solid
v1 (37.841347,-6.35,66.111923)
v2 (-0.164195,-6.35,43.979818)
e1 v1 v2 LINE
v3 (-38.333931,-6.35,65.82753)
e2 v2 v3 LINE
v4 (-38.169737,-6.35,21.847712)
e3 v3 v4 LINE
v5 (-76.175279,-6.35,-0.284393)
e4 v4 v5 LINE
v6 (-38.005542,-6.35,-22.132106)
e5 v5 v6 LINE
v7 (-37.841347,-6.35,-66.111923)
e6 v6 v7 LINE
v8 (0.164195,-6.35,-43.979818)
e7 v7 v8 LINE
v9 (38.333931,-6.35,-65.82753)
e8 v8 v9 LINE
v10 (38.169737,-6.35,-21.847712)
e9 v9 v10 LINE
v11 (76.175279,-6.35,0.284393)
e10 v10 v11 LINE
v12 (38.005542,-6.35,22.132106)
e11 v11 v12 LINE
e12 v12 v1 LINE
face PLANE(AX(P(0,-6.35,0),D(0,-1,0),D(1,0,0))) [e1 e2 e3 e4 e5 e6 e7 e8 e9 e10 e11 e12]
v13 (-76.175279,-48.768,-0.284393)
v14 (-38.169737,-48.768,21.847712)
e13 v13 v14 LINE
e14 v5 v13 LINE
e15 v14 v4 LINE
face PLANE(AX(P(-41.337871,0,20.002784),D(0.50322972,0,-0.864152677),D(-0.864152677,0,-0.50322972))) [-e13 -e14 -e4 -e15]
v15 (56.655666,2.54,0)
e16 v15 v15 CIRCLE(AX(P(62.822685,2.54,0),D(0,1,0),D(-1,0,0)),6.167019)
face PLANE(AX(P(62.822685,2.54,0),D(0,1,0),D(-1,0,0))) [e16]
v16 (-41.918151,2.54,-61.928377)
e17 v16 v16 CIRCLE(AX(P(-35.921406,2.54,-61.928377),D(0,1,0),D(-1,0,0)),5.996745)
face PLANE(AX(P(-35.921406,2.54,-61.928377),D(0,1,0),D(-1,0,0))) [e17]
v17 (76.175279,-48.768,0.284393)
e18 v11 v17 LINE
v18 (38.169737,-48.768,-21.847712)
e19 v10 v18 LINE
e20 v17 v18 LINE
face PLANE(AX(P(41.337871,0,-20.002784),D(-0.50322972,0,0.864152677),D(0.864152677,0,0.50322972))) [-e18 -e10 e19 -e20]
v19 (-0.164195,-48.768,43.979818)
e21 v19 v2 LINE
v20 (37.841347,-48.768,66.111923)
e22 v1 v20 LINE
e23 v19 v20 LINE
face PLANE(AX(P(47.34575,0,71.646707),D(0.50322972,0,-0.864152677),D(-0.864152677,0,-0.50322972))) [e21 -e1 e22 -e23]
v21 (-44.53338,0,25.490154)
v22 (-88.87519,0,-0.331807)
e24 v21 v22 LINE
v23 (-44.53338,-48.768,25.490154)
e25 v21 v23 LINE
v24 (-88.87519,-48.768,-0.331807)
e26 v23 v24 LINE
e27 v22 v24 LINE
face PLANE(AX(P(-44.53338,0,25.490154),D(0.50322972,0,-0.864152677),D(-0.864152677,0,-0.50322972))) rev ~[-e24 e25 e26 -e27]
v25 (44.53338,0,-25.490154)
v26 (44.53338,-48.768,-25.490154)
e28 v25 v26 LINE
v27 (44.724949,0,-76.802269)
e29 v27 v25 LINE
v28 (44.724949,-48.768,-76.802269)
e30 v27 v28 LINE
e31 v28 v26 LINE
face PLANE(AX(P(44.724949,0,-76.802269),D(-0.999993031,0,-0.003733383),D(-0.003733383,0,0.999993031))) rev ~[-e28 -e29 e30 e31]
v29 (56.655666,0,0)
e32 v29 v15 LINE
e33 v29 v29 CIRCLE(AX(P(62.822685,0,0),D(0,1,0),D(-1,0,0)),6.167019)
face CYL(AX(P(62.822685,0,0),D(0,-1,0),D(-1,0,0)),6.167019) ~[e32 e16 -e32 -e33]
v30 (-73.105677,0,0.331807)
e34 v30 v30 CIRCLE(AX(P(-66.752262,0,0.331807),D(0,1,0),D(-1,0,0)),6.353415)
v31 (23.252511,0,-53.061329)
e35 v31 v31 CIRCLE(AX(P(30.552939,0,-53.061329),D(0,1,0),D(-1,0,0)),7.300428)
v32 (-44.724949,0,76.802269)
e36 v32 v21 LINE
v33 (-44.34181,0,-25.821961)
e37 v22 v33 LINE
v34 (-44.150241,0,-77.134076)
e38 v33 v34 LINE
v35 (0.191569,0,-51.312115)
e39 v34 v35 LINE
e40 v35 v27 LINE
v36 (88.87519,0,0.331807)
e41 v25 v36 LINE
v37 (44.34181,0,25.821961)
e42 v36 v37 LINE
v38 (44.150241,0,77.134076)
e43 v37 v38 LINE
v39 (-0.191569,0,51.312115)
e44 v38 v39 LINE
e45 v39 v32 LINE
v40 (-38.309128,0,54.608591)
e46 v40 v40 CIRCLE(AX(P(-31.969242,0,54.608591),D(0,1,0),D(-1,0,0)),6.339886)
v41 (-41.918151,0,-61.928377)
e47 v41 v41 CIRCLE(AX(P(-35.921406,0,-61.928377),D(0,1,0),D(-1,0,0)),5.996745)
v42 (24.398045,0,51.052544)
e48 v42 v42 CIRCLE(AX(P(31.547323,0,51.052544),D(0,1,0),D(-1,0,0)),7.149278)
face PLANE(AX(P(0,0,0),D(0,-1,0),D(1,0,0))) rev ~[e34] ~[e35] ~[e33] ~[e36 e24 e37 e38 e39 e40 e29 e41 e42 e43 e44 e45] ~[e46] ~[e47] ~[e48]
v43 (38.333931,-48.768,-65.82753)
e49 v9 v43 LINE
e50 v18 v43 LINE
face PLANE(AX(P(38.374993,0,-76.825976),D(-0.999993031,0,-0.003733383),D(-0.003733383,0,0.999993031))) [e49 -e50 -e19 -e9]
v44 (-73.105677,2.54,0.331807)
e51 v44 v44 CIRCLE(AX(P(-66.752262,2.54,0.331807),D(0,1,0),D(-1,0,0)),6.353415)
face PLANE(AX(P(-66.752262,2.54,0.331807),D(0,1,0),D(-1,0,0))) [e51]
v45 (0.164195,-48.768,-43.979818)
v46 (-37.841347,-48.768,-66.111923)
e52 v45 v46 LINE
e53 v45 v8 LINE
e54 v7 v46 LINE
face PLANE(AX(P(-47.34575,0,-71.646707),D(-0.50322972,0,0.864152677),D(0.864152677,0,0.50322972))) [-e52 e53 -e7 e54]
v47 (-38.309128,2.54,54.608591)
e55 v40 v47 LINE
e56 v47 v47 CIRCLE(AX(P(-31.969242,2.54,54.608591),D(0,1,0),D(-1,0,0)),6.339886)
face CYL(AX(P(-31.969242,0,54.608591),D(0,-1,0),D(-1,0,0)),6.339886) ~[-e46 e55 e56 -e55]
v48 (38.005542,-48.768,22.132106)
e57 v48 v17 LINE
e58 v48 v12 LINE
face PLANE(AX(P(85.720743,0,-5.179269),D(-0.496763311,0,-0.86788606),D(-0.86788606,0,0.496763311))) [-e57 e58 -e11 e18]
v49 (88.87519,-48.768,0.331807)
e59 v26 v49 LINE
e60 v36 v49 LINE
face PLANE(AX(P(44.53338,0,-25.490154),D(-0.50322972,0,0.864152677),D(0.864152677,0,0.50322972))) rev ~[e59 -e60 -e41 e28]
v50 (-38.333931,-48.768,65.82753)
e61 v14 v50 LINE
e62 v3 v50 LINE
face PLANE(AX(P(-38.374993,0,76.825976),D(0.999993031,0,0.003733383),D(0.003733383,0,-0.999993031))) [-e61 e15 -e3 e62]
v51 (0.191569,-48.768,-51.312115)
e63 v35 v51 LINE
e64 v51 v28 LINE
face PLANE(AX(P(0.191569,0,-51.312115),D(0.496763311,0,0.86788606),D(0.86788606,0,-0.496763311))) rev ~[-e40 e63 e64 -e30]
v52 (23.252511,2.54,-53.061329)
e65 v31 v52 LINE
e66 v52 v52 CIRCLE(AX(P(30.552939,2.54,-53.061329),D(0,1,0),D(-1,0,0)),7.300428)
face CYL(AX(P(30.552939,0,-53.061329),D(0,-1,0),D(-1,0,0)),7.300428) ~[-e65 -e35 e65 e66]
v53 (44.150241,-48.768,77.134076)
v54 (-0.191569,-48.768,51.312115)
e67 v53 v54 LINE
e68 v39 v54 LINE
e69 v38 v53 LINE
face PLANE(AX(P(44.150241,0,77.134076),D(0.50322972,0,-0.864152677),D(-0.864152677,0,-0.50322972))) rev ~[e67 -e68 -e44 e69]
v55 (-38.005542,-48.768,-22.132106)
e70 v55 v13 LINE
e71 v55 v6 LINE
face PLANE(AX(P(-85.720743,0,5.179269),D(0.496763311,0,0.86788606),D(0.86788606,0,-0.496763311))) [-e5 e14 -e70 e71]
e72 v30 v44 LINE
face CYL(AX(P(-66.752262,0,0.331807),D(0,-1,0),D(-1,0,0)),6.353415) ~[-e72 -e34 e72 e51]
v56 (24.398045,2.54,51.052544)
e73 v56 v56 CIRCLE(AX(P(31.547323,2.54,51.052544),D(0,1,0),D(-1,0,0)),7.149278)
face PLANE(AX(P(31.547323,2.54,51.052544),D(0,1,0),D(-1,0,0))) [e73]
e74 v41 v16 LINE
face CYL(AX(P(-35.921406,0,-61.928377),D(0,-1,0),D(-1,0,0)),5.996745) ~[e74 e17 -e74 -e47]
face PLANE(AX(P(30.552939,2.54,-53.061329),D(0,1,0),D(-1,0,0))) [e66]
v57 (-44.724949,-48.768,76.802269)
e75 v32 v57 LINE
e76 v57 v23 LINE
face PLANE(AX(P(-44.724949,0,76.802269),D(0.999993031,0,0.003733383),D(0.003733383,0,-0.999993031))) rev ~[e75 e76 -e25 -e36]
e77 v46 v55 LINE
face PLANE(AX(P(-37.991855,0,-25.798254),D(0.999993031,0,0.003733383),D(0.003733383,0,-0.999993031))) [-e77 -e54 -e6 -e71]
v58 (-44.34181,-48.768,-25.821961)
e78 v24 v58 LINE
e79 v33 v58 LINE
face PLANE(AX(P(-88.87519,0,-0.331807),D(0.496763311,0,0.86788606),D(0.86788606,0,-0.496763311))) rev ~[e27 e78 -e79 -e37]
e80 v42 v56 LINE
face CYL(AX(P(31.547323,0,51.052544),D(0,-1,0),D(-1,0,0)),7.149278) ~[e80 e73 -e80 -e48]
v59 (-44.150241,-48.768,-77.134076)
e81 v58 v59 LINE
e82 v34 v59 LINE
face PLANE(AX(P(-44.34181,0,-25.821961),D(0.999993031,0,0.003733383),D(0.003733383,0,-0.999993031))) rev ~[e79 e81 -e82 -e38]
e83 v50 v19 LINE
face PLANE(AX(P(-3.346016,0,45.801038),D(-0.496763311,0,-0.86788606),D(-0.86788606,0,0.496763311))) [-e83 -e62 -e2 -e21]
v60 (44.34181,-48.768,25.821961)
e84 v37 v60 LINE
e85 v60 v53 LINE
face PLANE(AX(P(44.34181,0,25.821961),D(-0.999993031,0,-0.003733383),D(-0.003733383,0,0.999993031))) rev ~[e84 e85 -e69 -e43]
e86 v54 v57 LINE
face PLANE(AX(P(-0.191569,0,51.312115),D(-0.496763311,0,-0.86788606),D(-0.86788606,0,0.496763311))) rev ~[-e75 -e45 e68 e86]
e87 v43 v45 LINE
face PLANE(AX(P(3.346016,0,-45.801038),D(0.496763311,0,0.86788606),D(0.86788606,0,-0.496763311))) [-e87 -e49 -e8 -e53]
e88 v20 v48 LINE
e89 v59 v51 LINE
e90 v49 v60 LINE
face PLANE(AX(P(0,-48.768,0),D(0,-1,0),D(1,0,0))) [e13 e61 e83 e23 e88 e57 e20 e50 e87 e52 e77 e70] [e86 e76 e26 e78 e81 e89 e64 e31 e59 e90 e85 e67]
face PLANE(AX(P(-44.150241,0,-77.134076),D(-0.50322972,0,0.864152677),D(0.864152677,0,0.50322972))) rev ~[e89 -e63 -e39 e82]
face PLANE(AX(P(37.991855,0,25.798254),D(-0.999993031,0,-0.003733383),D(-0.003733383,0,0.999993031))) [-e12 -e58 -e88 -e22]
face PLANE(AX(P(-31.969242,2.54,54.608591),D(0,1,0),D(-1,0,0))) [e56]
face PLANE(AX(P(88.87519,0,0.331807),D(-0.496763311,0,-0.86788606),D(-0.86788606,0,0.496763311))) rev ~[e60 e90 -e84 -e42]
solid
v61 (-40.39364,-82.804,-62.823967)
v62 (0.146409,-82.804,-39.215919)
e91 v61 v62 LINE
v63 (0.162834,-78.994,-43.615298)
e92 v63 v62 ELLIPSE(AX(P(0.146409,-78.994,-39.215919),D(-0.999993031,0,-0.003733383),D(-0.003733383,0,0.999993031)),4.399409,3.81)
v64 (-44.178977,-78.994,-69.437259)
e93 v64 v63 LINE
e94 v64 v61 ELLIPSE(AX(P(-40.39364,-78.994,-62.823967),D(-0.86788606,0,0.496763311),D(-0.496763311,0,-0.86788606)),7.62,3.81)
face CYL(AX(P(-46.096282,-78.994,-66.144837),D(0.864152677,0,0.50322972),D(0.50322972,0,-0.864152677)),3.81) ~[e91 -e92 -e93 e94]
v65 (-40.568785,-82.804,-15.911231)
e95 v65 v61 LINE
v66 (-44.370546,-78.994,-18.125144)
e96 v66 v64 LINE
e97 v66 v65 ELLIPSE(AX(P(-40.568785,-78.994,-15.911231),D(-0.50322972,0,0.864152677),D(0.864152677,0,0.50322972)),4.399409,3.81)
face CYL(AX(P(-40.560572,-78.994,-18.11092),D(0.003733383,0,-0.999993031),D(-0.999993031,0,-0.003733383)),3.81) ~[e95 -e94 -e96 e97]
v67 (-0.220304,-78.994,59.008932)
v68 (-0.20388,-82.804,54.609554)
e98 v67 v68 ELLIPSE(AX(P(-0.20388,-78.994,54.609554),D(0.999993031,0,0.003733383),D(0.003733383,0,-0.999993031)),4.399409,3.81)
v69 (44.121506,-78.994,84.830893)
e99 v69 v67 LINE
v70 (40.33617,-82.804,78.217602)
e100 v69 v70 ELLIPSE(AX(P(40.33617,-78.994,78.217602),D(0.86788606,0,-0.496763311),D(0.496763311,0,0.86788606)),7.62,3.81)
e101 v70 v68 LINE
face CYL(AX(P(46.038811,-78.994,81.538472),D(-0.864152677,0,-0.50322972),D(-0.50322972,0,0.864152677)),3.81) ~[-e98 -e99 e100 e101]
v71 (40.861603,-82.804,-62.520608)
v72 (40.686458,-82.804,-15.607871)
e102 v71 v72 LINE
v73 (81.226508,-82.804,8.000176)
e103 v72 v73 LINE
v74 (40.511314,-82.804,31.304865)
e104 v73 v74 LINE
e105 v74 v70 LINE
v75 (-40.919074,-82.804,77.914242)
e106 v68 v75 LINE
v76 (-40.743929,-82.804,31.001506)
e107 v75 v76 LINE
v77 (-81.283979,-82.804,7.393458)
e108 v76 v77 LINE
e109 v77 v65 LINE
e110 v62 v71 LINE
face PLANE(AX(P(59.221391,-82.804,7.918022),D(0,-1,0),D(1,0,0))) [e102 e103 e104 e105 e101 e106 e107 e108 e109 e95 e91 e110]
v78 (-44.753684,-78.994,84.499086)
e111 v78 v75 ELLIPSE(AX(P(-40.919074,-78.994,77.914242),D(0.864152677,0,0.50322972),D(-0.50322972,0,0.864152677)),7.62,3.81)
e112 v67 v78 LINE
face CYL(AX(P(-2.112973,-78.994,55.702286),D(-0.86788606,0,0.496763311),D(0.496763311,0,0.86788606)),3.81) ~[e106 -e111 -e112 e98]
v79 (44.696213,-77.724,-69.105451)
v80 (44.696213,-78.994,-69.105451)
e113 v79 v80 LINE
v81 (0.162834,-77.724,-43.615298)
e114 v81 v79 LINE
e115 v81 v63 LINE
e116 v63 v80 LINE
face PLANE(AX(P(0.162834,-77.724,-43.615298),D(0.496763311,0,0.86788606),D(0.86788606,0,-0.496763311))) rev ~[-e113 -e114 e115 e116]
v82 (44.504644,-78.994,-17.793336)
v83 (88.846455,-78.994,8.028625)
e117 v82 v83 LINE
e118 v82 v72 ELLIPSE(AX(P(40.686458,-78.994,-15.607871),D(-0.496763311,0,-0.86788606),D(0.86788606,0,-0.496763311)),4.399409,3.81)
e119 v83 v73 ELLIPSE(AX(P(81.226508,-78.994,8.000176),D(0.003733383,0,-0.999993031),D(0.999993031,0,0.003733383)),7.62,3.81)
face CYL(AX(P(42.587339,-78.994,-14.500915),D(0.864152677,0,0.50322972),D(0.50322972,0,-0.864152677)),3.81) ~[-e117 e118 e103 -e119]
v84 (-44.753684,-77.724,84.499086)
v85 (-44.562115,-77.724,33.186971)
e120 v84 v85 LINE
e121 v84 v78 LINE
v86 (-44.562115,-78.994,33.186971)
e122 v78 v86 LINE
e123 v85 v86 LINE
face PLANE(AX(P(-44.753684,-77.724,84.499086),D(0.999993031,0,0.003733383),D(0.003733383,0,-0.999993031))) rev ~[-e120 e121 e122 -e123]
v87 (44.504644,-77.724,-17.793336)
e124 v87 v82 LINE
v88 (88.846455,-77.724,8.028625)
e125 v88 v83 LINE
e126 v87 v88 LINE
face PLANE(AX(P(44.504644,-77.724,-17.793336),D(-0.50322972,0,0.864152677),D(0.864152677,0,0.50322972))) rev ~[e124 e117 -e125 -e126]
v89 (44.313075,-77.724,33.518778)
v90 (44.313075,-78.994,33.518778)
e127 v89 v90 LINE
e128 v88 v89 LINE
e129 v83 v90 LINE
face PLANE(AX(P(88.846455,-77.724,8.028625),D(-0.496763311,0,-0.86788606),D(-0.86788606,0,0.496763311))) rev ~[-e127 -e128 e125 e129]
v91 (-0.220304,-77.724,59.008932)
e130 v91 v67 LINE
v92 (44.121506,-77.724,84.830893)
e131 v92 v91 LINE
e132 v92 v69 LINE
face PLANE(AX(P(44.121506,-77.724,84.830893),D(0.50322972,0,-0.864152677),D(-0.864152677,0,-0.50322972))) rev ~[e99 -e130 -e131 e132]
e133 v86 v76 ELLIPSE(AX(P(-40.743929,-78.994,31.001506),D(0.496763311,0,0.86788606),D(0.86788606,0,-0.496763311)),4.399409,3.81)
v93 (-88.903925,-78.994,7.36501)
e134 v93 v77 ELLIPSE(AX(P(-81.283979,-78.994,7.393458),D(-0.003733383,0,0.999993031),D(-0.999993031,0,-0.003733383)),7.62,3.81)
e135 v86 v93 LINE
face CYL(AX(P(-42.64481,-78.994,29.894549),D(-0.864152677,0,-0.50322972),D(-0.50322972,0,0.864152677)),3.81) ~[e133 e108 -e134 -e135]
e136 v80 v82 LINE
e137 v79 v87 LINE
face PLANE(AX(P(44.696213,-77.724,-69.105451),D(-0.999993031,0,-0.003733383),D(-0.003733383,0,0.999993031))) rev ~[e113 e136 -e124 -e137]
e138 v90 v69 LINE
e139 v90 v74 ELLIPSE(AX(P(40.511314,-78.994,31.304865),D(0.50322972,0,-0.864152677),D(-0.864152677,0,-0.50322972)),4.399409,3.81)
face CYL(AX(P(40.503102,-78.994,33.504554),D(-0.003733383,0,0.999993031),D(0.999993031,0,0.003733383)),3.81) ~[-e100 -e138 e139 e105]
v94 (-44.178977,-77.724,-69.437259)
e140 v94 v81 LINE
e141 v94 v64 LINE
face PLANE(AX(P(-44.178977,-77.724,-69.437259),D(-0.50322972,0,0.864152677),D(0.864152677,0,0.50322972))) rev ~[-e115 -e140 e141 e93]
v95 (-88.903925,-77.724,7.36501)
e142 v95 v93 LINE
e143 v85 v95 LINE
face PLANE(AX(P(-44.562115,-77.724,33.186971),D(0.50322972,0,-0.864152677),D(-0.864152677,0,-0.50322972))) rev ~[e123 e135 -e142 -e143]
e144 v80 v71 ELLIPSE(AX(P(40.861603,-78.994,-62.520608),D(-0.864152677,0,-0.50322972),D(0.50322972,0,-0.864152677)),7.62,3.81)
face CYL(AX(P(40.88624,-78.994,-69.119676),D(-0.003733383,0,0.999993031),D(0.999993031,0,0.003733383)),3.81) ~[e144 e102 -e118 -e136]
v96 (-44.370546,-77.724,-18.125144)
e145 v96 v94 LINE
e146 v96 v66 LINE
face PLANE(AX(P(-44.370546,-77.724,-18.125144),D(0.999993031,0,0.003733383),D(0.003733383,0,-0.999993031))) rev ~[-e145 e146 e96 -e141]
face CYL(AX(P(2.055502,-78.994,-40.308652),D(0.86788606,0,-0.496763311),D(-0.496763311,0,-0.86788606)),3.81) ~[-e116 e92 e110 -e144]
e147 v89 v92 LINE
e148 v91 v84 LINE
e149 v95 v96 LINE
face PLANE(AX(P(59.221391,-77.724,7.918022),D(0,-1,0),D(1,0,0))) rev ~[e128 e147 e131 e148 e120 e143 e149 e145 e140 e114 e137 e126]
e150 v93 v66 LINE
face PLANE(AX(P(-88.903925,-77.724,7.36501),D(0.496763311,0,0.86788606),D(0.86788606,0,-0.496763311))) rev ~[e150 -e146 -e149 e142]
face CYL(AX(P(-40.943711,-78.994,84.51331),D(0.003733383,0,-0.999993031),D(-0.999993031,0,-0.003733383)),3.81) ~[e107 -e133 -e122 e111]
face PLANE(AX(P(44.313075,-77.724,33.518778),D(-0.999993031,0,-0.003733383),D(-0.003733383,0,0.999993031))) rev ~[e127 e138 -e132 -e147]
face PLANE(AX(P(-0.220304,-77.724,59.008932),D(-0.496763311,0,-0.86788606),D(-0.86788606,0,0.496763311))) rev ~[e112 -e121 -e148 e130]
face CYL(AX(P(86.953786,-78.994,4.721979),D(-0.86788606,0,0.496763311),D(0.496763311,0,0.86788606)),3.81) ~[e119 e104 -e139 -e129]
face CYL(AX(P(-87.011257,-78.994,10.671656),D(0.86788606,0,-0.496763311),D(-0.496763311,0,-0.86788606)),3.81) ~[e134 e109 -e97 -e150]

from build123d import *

# Parameters (mm, degrees)
F1_DEPTH = 48.768
F2_T     = -6.35
F5_DEPTH = 5.08
F6_R     = 3.81
F7_R     = 7.149277817
F7_R_2   = 6.167018534
F7_R_3   = 7.300427835
F7_R_4   = 6.3398863897
F7_R_5   = 6.3534148233
F7_R_6   = 5.9967453777
F8_DEPTH = 2.54


with BuildPart() as f1:
    # F0 (on Front) → F1 (new body)
    with BuildSketch(Plane.XZ):
        Polygon((0.1915691198, -51.3121148991), (44.5333795844, -25.4901537252), (44.3418104646, 25.8219611739), (-0.1915691198, 51.3121148991), (-44.5333795844, 25.4901537252), (-44.3418104646, -25.8219611739), align=None)
        Polygon((-0.1915691198, 51.3121148991), (44.3418104646, 25.8219611739), (44.1502413448, 77.134076073), align=None)
        Polygon((44.5333795844, -25.4901537252), (88.875190049, 0.3318074487), (44.3418104646, 25.8219611739), align=None)
        Polygon((44.7249487042, -76.8022686243), (44.5333795844, -25.4901537252), (0.1915691198, -51.3121148991), align=None)
        Polygon((-44.1502413448, -77.134076073), (0.1915691198, -51.3121148991), (-44.3418104646, -25.8219611739), align=None)
        Polygon((-88.875190049, -0.3318074487), (-44.3418104646, -25.8219611739), (-44.5333795844, 25.4901537252), align=None)
        Polygon((-44.5333795844, 25.4901537252), (-0.1915691198, 51.3121148991), (-44.7249487042, 76.8022686243), align=None)
    extrude(amount=F1_DEPTH)

    # F2
    f2_openings = [f1.faces().sort_by_distance(p)[0] for p in [
        (0, -48.768, 0),
    ]]
    offset(amount=F2_T, openings=f2_openings, kind=Kind.INTERSECTION)

    # F7 (on face) → F8 (join)
    with BuildSketch(Plane(origin=(0, 0, 0), x_dir=(-1, 0, 0), z_dir=(0, 1, 0))):
        with Locations((-31.5473228693, 51.052544266)):
            Circle(F7_R)
        with Locations((-62.8226846457, 0)):
            Circle(F7_R_2)
        with Locations((-30.5529385805, -53.0613288283)):
            Circle(F7_R_3)
        with Locations((31.9692417979, 54.6085909009)):
            Circle(F7_R_4)
        with Locations((66.7522624135, 0.3318074487)):
            Circle(F7_R_5)
        with Locations((35.9214060009, -61.9283765554)):
            Circle(F7_R_6)
    extrude(amount=F8_DEPTH)


with BuildPart() as f5:
    # F4 (on offset) → F5 (new body)
    with BuildSketch(Plane.XZ.offset(77.724)):
        Polygon((44.5046442165, -17.7933364903), (88.8464546811, 8.0286246835), (44.3130750966, 33.5187784088), align=None)
        Polygon((44.6962133363, -69.1054513894), (44.5046442165, -17.7933364903), (0.1628337518, -43.6152976642), align=None)
        Polygon((0.1628337518, -43.6152976642), (44.5046442165, -17.7933364903), (44.3130750966, 33.5187784088), (-0.2203044878, 59.008932134), (-44.5621149524, 33.1869709601), (-44.3705458326, -18.125143939), align=None)
        Polygon((-0.2203044878, 59.008932134), (44.3130750966, 33.5187784088), (44.1215059768, 84.8308933078), align=None)
        Polygon((-44.1789767128, -69.4372588381), (0.1628337518, -43.6152976642), (-44.3705458326, -18.125143939), align=None)
        Polygon((-44.5621149524, 33.1869709601), (-0.2203044878, 59.008932134), (-44.7536840722, 84.4990858592), align=None)
        Polygon((-88.903925417, 7.3650097862), (-44.3705458326, -18.125143939), (-44.5621149524, 33.1869709601), align=None)
    extrude(amount=F5_DEPTH)

    # F6
    f6_edges = [f5.edges().sort_by_distance(p)[0] for p in [
        (66.675549, -82.804, -4.882356),
        (66.579765, -82.804, 20.773702),
        (44.217291, -82.804, 59.174836),
        (21.950601, -82.804, 71.919913),
        (-22.486994, -82.804, 71.754009),
        (-44.6579, -82.804, 58.843028),
        (-66.73302, -82.804, 20.27599),
        (-66.637236, -82.804, -5.380067),
        (-44.274761, -82.804, -43.781201),
        (-22.008071, -82.804, -56.526278),
        (22.429524, -82.804, -56.360375),
        (44.600429, -82.804, -43.449394),
    ]]
    fillet(f6_edges, radius=F6_R)


solid = Compound([f1.part, f5.part])
